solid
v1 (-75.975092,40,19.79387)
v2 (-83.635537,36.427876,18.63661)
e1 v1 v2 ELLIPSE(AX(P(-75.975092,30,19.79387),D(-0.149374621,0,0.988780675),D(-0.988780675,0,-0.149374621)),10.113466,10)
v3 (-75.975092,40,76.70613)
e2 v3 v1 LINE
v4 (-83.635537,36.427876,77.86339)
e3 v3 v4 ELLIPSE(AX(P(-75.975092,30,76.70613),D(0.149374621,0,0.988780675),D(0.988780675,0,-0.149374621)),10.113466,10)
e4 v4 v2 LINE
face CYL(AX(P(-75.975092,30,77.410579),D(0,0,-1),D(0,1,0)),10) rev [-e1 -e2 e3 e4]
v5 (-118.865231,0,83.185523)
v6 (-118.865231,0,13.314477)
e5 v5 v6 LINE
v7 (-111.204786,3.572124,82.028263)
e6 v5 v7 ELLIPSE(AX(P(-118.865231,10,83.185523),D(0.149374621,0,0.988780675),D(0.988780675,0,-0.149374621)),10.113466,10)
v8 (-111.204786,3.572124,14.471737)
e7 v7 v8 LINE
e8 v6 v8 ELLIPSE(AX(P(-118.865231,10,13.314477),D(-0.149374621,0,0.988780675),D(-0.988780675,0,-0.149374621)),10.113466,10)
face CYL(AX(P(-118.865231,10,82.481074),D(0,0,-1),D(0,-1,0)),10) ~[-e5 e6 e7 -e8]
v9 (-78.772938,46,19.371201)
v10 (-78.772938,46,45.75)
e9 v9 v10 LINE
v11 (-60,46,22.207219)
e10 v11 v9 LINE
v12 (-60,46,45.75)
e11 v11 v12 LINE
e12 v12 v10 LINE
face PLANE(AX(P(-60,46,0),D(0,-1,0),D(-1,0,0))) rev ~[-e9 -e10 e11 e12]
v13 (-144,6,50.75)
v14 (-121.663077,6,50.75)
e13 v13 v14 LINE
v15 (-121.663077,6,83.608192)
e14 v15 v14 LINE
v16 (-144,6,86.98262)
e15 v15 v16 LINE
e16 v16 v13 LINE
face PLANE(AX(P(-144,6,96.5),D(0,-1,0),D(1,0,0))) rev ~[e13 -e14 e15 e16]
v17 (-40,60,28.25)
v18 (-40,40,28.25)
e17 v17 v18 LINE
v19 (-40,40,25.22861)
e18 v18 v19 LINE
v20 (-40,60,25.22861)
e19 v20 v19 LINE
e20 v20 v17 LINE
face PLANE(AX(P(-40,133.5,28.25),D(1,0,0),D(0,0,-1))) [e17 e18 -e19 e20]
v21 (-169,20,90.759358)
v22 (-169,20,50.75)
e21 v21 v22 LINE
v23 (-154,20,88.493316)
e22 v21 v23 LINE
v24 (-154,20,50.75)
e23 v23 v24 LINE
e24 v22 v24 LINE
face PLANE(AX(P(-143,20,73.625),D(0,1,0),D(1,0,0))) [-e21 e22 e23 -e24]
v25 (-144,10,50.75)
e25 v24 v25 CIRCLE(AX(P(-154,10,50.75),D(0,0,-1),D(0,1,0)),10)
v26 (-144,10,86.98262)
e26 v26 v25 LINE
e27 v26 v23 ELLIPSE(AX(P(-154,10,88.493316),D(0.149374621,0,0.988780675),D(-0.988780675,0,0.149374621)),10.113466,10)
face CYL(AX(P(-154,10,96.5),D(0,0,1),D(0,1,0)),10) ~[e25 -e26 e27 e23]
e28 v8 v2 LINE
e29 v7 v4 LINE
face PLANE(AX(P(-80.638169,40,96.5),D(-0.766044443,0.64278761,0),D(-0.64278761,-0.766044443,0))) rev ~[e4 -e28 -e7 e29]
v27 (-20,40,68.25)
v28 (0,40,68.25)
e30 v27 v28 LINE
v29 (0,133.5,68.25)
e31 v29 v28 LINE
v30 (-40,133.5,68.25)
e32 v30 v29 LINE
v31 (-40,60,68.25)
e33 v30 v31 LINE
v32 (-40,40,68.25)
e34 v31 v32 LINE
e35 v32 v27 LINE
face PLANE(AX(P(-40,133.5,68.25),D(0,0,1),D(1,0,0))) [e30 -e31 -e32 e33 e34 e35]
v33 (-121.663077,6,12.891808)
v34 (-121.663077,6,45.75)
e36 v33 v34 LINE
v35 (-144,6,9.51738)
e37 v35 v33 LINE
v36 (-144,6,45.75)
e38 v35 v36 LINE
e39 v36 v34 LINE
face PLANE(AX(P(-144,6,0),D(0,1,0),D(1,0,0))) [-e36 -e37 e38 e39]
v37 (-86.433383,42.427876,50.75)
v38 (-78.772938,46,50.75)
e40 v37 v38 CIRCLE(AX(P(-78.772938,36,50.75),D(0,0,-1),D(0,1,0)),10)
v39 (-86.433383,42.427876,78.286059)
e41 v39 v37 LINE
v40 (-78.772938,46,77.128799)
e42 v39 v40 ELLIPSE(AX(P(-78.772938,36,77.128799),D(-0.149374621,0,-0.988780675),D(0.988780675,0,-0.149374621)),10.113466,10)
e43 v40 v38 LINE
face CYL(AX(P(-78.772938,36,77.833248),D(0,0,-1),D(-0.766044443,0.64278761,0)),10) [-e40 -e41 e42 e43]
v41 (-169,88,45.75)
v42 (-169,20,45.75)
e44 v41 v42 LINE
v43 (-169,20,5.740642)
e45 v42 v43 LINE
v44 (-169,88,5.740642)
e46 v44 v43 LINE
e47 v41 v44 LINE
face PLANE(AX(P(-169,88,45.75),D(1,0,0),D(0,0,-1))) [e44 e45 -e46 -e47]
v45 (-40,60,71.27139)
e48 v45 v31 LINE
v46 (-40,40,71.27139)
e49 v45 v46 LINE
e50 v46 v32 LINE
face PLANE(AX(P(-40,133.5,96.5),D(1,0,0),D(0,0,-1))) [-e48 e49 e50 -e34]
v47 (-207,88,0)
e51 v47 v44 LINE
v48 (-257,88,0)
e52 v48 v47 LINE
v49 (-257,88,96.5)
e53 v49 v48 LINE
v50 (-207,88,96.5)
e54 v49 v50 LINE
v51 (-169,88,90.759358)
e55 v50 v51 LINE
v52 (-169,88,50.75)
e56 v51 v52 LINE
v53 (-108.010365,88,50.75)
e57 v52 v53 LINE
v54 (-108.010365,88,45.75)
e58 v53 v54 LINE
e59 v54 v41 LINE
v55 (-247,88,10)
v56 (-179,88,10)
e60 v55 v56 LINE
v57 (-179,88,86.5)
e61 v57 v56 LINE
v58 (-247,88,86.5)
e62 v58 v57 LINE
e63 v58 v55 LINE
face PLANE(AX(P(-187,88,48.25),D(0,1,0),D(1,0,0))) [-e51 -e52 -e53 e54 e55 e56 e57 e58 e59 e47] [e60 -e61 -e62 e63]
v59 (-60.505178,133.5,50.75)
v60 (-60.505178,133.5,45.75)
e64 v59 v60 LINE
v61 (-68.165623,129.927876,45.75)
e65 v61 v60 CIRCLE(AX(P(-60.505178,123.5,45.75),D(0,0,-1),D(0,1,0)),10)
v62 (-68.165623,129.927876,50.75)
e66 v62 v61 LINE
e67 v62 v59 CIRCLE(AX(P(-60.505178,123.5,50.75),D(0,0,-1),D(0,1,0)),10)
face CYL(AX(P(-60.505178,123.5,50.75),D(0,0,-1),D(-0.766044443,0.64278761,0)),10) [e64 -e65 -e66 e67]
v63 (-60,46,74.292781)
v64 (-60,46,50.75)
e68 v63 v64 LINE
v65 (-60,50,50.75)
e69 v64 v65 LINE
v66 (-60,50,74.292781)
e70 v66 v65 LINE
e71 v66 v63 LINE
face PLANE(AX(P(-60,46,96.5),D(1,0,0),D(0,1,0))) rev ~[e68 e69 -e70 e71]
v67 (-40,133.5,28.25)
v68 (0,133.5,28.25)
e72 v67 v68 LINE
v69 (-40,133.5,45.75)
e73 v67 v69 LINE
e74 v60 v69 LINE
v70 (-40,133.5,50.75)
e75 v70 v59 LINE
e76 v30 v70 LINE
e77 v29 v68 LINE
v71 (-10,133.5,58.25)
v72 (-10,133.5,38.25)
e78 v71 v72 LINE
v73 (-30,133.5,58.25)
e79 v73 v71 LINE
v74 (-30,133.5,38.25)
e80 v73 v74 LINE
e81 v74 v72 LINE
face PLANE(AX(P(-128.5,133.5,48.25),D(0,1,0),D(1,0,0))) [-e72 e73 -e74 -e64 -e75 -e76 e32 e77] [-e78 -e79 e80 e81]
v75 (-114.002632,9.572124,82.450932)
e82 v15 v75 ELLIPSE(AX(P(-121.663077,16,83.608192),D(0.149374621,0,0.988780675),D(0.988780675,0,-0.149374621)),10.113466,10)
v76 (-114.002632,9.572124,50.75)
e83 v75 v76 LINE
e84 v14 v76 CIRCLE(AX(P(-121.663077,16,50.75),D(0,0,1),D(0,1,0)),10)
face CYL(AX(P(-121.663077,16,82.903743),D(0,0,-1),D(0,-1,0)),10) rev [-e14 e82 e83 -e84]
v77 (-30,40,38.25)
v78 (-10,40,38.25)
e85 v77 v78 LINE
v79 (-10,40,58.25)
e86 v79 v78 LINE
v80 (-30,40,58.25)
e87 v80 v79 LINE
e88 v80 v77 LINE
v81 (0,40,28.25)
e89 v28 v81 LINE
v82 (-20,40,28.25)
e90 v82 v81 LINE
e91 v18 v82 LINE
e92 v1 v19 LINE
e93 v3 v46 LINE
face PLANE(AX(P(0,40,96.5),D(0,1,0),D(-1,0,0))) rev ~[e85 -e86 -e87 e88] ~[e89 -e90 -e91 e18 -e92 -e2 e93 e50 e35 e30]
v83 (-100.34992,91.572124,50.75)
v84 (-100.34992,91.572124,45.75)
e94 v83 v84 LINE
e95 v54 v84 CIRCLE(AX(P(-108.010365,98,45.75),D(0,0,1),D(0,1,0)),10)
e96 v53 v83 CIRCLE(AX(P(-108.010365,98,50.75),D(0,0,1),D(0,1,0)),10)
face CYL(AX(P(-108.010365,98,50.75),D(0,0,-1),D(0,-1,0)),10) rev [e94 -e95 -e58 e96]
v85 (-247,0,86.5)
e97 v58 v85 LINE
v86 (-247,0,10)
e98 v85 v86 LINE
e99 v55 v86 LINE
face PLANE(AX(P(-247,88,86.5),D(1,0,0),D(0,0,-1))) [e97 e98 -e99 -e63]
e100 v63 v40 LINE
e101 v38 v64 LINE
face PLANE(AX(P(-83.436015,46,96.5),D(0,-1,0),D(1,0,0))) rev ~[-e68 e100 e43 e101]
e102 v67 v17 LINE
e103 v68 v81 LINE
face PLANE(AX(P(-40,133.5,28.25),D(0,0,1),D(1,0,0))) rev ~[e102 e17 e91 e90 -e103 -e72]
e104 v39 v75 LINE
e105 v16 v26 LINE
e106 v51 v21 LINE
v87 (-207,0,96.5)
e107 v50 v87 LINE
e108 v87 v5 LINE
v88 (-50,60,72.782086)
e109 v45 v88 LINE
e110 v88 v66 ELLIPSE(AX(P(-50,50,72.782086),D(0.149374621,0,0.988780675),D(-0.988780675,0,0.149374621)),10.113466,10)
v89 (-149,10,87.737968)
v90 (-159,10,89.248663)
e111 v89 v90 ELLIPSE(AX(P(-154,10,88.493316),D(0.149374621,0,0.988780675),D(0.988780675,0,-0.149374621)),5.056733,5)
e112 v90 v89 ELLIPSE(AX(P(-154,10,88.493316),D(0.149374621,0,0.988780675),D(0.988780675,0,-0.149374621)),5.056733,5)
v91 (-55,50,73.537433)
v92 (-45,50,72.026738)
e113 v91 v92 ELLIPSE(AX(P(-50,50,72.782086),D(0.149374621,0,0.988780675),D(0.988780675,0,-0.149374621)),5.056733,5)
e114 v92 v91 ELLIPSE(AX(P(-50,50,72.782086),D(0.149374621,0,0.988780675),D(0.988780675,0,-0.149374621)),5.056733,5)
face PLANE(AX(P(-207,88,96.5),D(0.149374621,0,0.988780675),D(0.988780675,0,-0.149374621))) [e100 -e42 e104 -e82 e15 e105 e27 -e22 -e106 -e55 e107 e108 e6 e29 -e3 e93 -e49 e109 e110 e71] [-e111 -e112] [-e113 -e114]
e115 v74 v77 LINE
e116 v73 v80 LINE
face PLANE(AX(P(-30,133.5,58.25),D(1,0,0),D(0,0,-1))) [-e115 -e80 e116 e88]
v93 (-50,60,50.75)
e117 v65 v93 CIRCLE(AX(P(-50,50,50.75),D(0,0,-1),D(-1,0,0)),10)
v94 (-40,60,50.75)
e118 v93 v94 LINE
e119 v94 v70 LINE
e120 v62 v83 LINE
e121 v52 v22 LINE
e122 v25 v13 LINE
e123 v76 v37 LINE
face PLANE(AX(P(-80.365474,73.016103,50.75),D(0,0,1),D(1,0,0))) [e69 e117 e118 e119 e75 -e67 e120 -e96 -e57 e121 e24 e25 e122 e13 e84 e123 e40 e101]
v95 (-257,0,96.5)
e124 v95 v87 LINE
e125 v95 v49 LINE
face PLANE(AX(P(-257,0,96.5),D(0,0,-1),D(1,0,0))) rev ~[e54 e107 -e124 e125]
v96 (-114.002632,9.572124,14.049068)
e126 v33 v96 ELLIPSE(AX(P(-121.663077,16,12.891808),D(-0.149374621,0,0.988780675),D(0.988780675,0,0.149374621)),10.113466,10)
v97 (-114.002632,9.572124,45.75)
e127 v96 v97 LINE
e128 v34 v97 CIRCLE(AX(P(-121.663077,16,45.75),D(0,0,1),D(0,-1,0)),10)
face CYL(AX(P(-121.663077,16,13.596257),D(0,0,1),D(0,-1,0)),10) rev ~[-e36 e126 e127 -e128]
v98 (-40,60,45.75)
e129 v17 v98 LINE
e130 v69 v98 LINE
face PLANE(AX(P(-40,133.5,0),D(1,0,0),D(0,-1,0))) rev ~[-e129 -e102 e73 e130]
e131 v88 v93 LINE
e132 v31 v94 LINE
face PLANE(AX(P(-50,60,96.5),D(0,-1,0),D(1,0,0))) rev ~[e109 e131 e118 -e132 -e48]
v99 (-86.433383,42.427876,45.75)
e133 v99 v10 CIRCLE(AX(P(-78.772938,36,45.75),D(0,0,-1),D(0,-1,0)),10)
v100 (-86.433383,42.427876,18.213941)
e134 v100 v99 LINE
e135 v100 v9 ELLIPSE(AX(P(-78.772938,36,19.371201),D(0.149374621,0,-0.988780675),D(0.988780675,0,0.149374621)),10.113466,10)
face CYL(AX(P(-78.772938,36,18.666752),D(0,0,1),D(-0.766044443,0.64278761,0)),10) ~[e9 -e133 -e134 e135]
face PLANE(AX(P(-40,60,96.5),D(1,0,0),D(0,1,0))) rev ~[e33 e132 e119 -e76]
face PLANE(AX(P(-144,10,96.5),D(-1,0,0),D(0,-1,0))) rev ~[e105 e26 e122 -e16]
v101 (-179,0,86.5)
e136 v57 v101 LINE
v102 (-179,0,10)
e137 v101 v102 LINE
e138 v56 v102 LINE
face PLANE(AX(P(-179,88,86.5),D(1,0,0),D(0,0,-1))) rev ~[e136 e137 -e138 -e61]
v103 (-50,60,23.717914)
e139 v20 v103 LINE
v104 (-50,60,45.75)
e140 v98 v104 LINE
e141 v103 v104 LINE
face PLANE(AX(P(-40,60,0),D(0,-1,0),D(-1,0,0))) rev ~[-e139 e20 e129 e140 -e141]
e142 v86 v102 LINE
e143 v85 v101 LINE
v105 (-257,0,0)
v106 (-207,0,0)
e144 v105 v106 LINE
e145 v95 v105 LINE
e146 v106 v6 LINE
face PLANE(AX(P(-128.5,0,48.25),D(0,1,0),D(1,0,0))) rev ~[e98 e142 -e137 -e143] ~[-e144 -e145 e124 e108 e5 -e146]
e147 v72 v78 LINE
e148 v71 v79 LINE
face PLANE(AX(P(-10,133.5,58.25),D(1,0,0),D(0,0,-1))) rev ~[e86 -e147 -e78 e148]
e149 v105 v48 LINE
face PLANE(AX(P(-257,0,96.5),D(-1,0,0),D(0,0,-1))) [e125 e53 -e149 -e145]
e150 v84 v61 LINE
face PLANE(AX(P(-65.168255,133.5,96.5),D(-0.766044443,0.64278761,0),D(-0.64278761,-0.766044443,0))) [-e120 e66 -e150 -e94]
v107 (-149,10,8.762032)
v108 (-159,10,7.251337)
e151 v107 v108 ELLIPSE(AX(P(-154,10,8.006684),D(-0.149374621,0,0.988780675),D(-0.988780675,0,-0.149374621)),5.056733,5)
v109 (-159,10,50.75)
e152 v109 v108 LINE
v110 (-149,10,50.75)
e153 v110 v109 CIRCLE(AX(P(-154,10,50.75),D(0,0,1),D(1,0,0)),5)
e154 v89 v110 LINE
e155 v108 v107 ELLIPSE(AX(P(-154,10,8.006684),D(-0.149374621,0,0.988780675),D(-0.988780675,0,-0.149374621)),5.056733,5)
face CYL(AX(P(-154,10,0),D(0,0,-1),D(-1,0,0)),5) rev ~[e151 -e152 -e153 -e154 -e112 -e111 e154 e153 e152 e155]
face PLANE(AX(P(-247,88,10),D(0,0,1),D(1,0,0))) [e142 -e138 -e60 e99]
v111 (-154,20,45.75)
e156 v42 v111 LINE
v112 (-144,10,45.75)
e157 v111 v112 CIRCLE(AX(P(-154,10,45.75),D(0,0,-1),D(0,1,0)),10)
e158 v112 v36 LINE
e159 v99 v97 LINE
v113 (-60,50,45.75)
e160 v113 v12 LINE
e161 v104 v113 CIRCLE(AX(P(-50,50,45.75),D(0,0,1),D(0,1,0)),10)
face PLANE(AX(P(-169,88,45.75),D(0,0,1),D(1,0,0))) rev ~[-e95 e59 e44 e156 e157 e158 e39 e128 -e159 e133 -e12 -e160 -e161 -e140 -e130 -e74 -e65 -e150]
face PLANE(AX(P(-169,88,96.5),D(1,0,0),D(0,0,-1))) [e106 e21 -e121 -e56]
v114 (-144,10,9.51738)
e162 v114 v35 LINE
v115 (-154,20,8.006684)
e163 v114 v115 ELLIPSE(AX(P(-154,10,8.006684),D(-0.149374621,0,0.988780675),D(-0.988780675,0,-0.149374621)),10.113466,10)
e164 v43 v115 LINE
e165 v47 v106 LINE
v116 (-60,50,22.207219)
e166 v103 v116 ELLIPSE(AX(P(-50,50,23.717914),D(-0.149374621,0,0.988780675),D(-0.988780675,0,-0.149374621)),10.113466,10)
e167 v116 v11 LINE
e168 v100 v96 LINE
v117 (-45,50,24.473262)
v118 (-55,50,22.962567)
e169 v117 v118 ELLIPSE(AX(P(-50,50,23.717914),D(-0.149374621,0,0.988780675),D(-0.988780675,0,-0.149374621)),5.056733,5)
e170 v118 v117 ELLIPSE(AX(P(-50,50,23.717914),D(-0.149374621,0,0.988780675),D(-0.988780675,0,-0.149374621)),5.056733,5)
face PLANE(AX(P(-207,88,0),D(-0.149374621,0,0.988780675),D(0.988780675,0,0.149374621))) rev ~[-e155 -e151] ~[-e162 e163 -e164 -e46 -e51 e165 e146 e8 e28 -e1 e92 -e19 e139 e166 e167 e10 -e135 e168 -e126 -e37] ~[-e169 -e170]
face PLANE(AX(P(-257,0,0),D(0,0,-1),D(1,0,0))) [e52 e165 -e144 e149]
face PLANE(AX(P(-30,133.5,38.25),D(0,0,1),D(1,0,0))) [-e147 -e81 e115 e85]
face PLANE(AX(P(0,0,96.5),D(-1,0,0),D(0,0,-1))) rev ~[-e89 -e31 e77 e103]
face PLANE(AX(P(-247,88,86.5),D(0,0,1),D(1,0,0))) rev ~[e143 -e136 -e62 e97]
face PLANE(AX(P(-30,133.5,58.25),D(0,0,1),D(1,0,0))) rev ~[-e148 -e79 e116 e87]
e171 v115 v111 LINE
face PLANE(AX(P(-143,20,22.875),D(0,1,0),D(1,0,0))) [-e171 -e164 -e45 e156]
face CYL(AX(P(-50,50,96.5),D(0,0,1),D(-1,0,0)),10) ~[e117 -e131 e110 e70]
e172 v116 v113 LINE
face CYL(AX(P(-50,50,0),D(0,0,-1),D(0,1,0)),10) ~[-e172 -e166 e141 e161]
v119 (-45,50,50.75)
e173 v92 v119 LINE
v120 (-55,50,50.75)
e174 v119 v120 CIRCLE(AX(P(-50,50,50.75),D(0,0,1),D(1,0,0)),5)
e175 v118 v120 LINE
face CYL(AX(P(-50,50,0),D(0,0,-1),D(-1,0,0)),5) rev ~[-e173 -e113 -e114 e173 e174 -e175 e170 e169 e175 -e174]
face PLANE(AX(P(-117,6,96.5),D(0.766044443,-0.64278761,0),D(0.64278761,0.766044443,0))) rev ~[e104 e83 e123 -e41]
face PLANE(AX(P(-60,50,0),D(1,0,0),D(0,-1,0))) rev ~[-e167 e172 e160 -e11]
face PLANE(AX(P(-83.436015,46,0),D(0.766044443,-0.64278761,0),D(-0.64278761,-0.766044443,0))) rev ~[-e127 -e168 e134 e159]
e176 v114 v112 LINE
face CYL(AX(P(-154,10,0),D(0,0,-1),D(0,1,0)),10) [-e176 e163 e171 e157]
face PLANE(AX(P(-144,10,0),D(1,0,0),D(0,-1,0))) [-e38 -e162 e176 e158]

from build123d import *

# Parameters (mm, degrees)
SKETCH1_W           = 257
SKETCH1_H           = 96.5
BOSS_EXTRUDE1_DEPTH = 133.5
SKETCH2_W           = 140
SKETCH2_H           = 96.5
CUT_EXTRUDE1_DEPTH  = 45.5
SKETCH3_W           = 52
SKETCH3_H           = 45.75
CUT_EXTRUDE2_DEPTH  = 68
SKETCH4_W           = 68
SKETCH4_H           = 76.5
CUT_EXTRUDE3_DEPTH  = 89
SKETCH5_R           = 5
CUT_EXTRUDE4_DEPTH  = 45.75
SKETCH6_R           = 5
CUT_EXTRUDE5_DEPTH  = 45.75
SKETCH7_R           = 5
CUT_EXTRUDE6_DEPTH  = 97.5
CUT_EXTRUDE7_DEPTH  = 97.5
CUT_EXTRUDE8_DEPTH  = 97.5
SKETCH10_R          = 5
CUT_EXTRUDE9_DEPTH  = 45.75
CUT_EXTRUDE10_DEPTH = 45.75
SKETCH12_R          = 5
CUT_EXTRUDE11_DEPTH = 97.5
SKETCH13_W          = 40
SKETCH13_H          = 28.25
CUT_EXTRUDE12_DEPTH = 134.5
SKETCH14_W          = 20
SKETCH14_H          = 20
CUT_EXTRUDE13_DEPTH = 134.5
CUT_EXTRUDE14_DEPTH = 89
FILLET1_R           = 10
FILLET2_R           = 10


with BuildPart() as part:
    # Sketch1 → Boss-Extrude1 (new body)
    with BuildSketch(Plane(origin=(0, 0, 0), x_dir=(1, 0, 0), z_dir=(0, 1, 0))):
        with Locations((-128.5, -48.25)):
            Rectangle(SKETCH1_W, SKETCH1_H)
    extrude(amount=BOSS_EXTRUDE1_DEPTH)

    # Sketch2 → Cut-Extrude1 (cut)
    with BuildSketch(Plane(origin=(0, 133.5, 0), x_dir=(1, 0, 0), z_dir=(0, 1, 0))):
        with Locations((-187, -48.25)):
            Rectangle(SKETCH2_W, SKETCH2_H)
    extrude(amount=-CUT_EXTRUDE1_DEPTH, mode=Mode.SUBTRACT)

    # Sketch3 → Cut-Extrude2 (cut)
    with BuildSketch(Plane(origin=(0, 88, 0), x_dir=(1, 0, 0), z_dir=(0, 1, 0))):
        with Locations((-143, -22.875)):
            Rectangle(SKETCH3_W, SKETCH3_H)
        with Locations((-143, -73.625)):
            Rectangle(SKETCH3_W, SKETCH3_H)
    extrude(amount=-CUT_EXTRUDE2_DEPTH, mode=Mode.SUBTRACT)

    # Sketch4 → Cut-Extrude3 (cut, through all)
    with BuildSketch(Plane(origin=(0, 88, 0), x_dir=(1, 0, 0), z_dir=(0, 1, 0))):
        with Locations((-213, -48.25)):
            Rectangle(SKETCH4_W, SKETCH4_H)
    extrude(amount=-CUT_EXTRUDE3_DEPTH, mode=Mode.SUBTRACT)

    # Sketch5 → Cut-Extrude4 (cut)
    with BuildSketch(Plane.XY.offset(96.5)):
        with Locations((-154, 10)):
            Circle(SKETCH5_R)
        with BuildLine():
            Line((-169, 20), (-154, 20))
            ThreePointArc((-154, 20), (-146.928932188, 17.071067812), (-144, 10))
            Line((-144, 10), (-144, 6))
            Line((-144, 6), (-117, 6))
            Line((-117, 6), (-117, 88))
            Line((-117, 88), (-169, 88))
            Line((-169, 88), (-169, 20))
        make_face()
    extrude(amount=-CUT_EXTRUDE4_DEPTH, mode=Mode.SUBTRACT)

    # Sketch6 → Cut-Extrude5 (cut)
    with BuildSketch(Plane(origin=(0, 0, 0), x_dir=(-1, 0, 0), z_dir=(0, 0, -1))):
        with Locations((154, 10)):
            Circle(SKETCH6_R)
        with BuildLine():
            Line((144, 6), (117, 6))
            Line((117, 6), (117, 88))
            Line((117, 88), (169, 88))
            Line((169, 88), (169, 20))
            Line((169, 20), (154, 20))
            ThreePointArc((154, 20), (146.928932188, 17.071067812), (144, 10))
            Line((144, 10), (144, 6))
        make_face()
    extrude(amount=-CUT_EXTRUDE5_DEPTH, mode=Mode.SUBTRACT)

    # Sketch7 → Cut-Extrude6 (cut, through all)
    with BuildSketch(Plane(origin=(0, 0, 0), x_dir=(-1, 0, 0), z_dir=(0, 0, -1))):
        with Locations((154, 10)):
            Circle(SKETCH7_R)
    extrude(amount=-CUT_EXTRUDE6_DEPTH, mode=Mode.SUBTRACT)

    # Sketch8 → Cut-Extrude7 (cut, through all)
    with BuildSketch(Plane.XY.offset(96.5)):
        Polygon((0, 40), (-80.638168804, 40), (-114.202154051, 0), (0, 0), align=None)
    extrude(amount=-CUT_EXTRUDE7_DEPTH, mode=Mode.SUBTRACT)

    # Sketch9 → Cut-Extrude8 (cut, through all)
    with BuildSketch(Plane.XY.offset(96.5)):
        Polygon((-65.168254999, 133.5), (-103.347288218, 88), (-117, 88), (-117, 133.5), align=None)
    extrude(amount=-CUT_EXTRUDE8_DEPTH, mode=Mode.SUBTRACT)

    # Sketch10 → Cut-Extrude9 (cut)
    with BuildSketch(Plane.XY.offset(96.5)):
        with Locations((-50, 50)):
            Circle(SKETCH10_R)
        with BuildLine():
            Line((-83.436014753, 46), (-60, 46))
            Line((-60, 46), (-60, 50))
            ThreePointArc((-60, 50), (-57.071067812, 57.071067812), (-50, 60))
            Line((-50, 60), (-40, 60))
            Line((-40, 60), (-40, 133.5))
            Line((-40, 133.5), (-65.168254999, 133.5))
            Line((-65.168254999, 133.5), (-103.347288218, 88))
            Line((-103.347288218, 88), (-117, 88))
            Line((-117, 88), (-117, 6))
            Line((-117, 6), (-83.436014753, 46))
        make_face()
    extrude(amount=-CUT_EXTRUDE9_DEPTH, mode=Mode.SUBTRACT)

    # Sketch11 → Cut-Extrude10 (cut)
    with BuildSketch(Plane(origin=(0, 0, 0), x_dir=(-1, 0, 0), z_dir=(0, 0, -1))):
        with BuildLine():
            Line((65.168254999, 133.5), (40, 133.5))
            Line((40, 133.5), (40, 60))
            Line((40, 60), (50, 60))
            ThreePointArc((50, 60), (57.071067812, 57.071067812), (60, 50))
            Line((60, 50), (60, 46))
            Line((60, 46), (83.436014753, 46))
            Line((83.436014753, 46), (117, 6))
            Line((117, 6), (117, 88))
            Line((117, 88), (103.347288218, 88))
            Line((103.347288218, 88), (65.168254999, 133.5))
        make_face()
    extrude(amount=-CUT_EXTRUDE10_DEPTH, mode=Mode.SUBTRACT)

    # Sketch12 → Cut-Extrude11 (cut, through all)
    with BuildSketch(Plane(origin=(0, 0, 0), x_dir=(-1, 0, 0), z_dir=(0, 0, -1))):
        with Locations((50, 50)):
            Circle(SKETCH12_R)
    extrude(amount=-CUT_EXTRUDE11_DEPTH, mode=Mode.SUBTRACT)

    # Sketch13 → Cut-Extrude12 (cut, through all)
    with BuildSketch(Plane(origin=(0, 133.5, 0), x_dir=(1, 0, 0), z_dir=(0, 1, 0))):
        with Locations((-20, -82.375)):
            Rectangle(SKETCH13_W, SKETCH13_H)
        with Locations((-20, -14.125)):
            Rectangle(SKETCH13_W, SKETCH13_H)
    extrude(amount=-CUT_EXTRUDE12_DEPTH, mode=Mode.SUBTRACT)

    # Sketch14 → Cut-Extrude13 (cut, through all)
    with BuildSketch(Plane(origin=(0, 133.5, 0), x_dir=(1, 0, 0), z_dir=(0, 1, 0))):
        with Locations((-20, -48.25)):
            Rectangle(SKETCH14_W, SKETCH14_H)
    extrude(amount=-CUT_EXTRUDE13_DEPTH, mode=Mode.SUBTRACT)

    # Sketch15 → Cut-Extrude14 (cut, through all)
    with BuildSketch(Plane(origin=(0, 88, 0), x_dir=(1, 0, 0), z_dir=(0, 1, 0))):
        Polygon((-207, 0), (-20, -28.25), (-20, 0), align=None)
        Polygon((-207, -96.5), (-20, -68.25), (-20, -96.5), align=None)
    extrude(amount=-CUT_EXTRUDE14_DEPTH, mode=Mode.SUBTRACT)

    # Fillet1
    fillet1_edges = [part.edges().sort_by_distance(p)[0] for p in [
        (-117, 6, 29.673128342),
        (-83.436014753, 46, 64.291624109),
        (-65.168254999, 133.5, 48.25),
        (-103.347288218, 88, 48.25),
        (-83.436014753, 46, 32.208375891),
        (-114.202154051, 0, 48.25),
        (-117, 6, 66.826871658),
    ]]
    fillet(fillet1_edges, radius=FILLET1_R)

    # Fillet2
    fillet2_edges = [part.edges().sort_by_distance(p)[0] for p in [
        (-80.638168804, 40, 48.25),
    ]]
    fillet(fillet2_edges, radius=FILLET2_R)


solid = part.part
